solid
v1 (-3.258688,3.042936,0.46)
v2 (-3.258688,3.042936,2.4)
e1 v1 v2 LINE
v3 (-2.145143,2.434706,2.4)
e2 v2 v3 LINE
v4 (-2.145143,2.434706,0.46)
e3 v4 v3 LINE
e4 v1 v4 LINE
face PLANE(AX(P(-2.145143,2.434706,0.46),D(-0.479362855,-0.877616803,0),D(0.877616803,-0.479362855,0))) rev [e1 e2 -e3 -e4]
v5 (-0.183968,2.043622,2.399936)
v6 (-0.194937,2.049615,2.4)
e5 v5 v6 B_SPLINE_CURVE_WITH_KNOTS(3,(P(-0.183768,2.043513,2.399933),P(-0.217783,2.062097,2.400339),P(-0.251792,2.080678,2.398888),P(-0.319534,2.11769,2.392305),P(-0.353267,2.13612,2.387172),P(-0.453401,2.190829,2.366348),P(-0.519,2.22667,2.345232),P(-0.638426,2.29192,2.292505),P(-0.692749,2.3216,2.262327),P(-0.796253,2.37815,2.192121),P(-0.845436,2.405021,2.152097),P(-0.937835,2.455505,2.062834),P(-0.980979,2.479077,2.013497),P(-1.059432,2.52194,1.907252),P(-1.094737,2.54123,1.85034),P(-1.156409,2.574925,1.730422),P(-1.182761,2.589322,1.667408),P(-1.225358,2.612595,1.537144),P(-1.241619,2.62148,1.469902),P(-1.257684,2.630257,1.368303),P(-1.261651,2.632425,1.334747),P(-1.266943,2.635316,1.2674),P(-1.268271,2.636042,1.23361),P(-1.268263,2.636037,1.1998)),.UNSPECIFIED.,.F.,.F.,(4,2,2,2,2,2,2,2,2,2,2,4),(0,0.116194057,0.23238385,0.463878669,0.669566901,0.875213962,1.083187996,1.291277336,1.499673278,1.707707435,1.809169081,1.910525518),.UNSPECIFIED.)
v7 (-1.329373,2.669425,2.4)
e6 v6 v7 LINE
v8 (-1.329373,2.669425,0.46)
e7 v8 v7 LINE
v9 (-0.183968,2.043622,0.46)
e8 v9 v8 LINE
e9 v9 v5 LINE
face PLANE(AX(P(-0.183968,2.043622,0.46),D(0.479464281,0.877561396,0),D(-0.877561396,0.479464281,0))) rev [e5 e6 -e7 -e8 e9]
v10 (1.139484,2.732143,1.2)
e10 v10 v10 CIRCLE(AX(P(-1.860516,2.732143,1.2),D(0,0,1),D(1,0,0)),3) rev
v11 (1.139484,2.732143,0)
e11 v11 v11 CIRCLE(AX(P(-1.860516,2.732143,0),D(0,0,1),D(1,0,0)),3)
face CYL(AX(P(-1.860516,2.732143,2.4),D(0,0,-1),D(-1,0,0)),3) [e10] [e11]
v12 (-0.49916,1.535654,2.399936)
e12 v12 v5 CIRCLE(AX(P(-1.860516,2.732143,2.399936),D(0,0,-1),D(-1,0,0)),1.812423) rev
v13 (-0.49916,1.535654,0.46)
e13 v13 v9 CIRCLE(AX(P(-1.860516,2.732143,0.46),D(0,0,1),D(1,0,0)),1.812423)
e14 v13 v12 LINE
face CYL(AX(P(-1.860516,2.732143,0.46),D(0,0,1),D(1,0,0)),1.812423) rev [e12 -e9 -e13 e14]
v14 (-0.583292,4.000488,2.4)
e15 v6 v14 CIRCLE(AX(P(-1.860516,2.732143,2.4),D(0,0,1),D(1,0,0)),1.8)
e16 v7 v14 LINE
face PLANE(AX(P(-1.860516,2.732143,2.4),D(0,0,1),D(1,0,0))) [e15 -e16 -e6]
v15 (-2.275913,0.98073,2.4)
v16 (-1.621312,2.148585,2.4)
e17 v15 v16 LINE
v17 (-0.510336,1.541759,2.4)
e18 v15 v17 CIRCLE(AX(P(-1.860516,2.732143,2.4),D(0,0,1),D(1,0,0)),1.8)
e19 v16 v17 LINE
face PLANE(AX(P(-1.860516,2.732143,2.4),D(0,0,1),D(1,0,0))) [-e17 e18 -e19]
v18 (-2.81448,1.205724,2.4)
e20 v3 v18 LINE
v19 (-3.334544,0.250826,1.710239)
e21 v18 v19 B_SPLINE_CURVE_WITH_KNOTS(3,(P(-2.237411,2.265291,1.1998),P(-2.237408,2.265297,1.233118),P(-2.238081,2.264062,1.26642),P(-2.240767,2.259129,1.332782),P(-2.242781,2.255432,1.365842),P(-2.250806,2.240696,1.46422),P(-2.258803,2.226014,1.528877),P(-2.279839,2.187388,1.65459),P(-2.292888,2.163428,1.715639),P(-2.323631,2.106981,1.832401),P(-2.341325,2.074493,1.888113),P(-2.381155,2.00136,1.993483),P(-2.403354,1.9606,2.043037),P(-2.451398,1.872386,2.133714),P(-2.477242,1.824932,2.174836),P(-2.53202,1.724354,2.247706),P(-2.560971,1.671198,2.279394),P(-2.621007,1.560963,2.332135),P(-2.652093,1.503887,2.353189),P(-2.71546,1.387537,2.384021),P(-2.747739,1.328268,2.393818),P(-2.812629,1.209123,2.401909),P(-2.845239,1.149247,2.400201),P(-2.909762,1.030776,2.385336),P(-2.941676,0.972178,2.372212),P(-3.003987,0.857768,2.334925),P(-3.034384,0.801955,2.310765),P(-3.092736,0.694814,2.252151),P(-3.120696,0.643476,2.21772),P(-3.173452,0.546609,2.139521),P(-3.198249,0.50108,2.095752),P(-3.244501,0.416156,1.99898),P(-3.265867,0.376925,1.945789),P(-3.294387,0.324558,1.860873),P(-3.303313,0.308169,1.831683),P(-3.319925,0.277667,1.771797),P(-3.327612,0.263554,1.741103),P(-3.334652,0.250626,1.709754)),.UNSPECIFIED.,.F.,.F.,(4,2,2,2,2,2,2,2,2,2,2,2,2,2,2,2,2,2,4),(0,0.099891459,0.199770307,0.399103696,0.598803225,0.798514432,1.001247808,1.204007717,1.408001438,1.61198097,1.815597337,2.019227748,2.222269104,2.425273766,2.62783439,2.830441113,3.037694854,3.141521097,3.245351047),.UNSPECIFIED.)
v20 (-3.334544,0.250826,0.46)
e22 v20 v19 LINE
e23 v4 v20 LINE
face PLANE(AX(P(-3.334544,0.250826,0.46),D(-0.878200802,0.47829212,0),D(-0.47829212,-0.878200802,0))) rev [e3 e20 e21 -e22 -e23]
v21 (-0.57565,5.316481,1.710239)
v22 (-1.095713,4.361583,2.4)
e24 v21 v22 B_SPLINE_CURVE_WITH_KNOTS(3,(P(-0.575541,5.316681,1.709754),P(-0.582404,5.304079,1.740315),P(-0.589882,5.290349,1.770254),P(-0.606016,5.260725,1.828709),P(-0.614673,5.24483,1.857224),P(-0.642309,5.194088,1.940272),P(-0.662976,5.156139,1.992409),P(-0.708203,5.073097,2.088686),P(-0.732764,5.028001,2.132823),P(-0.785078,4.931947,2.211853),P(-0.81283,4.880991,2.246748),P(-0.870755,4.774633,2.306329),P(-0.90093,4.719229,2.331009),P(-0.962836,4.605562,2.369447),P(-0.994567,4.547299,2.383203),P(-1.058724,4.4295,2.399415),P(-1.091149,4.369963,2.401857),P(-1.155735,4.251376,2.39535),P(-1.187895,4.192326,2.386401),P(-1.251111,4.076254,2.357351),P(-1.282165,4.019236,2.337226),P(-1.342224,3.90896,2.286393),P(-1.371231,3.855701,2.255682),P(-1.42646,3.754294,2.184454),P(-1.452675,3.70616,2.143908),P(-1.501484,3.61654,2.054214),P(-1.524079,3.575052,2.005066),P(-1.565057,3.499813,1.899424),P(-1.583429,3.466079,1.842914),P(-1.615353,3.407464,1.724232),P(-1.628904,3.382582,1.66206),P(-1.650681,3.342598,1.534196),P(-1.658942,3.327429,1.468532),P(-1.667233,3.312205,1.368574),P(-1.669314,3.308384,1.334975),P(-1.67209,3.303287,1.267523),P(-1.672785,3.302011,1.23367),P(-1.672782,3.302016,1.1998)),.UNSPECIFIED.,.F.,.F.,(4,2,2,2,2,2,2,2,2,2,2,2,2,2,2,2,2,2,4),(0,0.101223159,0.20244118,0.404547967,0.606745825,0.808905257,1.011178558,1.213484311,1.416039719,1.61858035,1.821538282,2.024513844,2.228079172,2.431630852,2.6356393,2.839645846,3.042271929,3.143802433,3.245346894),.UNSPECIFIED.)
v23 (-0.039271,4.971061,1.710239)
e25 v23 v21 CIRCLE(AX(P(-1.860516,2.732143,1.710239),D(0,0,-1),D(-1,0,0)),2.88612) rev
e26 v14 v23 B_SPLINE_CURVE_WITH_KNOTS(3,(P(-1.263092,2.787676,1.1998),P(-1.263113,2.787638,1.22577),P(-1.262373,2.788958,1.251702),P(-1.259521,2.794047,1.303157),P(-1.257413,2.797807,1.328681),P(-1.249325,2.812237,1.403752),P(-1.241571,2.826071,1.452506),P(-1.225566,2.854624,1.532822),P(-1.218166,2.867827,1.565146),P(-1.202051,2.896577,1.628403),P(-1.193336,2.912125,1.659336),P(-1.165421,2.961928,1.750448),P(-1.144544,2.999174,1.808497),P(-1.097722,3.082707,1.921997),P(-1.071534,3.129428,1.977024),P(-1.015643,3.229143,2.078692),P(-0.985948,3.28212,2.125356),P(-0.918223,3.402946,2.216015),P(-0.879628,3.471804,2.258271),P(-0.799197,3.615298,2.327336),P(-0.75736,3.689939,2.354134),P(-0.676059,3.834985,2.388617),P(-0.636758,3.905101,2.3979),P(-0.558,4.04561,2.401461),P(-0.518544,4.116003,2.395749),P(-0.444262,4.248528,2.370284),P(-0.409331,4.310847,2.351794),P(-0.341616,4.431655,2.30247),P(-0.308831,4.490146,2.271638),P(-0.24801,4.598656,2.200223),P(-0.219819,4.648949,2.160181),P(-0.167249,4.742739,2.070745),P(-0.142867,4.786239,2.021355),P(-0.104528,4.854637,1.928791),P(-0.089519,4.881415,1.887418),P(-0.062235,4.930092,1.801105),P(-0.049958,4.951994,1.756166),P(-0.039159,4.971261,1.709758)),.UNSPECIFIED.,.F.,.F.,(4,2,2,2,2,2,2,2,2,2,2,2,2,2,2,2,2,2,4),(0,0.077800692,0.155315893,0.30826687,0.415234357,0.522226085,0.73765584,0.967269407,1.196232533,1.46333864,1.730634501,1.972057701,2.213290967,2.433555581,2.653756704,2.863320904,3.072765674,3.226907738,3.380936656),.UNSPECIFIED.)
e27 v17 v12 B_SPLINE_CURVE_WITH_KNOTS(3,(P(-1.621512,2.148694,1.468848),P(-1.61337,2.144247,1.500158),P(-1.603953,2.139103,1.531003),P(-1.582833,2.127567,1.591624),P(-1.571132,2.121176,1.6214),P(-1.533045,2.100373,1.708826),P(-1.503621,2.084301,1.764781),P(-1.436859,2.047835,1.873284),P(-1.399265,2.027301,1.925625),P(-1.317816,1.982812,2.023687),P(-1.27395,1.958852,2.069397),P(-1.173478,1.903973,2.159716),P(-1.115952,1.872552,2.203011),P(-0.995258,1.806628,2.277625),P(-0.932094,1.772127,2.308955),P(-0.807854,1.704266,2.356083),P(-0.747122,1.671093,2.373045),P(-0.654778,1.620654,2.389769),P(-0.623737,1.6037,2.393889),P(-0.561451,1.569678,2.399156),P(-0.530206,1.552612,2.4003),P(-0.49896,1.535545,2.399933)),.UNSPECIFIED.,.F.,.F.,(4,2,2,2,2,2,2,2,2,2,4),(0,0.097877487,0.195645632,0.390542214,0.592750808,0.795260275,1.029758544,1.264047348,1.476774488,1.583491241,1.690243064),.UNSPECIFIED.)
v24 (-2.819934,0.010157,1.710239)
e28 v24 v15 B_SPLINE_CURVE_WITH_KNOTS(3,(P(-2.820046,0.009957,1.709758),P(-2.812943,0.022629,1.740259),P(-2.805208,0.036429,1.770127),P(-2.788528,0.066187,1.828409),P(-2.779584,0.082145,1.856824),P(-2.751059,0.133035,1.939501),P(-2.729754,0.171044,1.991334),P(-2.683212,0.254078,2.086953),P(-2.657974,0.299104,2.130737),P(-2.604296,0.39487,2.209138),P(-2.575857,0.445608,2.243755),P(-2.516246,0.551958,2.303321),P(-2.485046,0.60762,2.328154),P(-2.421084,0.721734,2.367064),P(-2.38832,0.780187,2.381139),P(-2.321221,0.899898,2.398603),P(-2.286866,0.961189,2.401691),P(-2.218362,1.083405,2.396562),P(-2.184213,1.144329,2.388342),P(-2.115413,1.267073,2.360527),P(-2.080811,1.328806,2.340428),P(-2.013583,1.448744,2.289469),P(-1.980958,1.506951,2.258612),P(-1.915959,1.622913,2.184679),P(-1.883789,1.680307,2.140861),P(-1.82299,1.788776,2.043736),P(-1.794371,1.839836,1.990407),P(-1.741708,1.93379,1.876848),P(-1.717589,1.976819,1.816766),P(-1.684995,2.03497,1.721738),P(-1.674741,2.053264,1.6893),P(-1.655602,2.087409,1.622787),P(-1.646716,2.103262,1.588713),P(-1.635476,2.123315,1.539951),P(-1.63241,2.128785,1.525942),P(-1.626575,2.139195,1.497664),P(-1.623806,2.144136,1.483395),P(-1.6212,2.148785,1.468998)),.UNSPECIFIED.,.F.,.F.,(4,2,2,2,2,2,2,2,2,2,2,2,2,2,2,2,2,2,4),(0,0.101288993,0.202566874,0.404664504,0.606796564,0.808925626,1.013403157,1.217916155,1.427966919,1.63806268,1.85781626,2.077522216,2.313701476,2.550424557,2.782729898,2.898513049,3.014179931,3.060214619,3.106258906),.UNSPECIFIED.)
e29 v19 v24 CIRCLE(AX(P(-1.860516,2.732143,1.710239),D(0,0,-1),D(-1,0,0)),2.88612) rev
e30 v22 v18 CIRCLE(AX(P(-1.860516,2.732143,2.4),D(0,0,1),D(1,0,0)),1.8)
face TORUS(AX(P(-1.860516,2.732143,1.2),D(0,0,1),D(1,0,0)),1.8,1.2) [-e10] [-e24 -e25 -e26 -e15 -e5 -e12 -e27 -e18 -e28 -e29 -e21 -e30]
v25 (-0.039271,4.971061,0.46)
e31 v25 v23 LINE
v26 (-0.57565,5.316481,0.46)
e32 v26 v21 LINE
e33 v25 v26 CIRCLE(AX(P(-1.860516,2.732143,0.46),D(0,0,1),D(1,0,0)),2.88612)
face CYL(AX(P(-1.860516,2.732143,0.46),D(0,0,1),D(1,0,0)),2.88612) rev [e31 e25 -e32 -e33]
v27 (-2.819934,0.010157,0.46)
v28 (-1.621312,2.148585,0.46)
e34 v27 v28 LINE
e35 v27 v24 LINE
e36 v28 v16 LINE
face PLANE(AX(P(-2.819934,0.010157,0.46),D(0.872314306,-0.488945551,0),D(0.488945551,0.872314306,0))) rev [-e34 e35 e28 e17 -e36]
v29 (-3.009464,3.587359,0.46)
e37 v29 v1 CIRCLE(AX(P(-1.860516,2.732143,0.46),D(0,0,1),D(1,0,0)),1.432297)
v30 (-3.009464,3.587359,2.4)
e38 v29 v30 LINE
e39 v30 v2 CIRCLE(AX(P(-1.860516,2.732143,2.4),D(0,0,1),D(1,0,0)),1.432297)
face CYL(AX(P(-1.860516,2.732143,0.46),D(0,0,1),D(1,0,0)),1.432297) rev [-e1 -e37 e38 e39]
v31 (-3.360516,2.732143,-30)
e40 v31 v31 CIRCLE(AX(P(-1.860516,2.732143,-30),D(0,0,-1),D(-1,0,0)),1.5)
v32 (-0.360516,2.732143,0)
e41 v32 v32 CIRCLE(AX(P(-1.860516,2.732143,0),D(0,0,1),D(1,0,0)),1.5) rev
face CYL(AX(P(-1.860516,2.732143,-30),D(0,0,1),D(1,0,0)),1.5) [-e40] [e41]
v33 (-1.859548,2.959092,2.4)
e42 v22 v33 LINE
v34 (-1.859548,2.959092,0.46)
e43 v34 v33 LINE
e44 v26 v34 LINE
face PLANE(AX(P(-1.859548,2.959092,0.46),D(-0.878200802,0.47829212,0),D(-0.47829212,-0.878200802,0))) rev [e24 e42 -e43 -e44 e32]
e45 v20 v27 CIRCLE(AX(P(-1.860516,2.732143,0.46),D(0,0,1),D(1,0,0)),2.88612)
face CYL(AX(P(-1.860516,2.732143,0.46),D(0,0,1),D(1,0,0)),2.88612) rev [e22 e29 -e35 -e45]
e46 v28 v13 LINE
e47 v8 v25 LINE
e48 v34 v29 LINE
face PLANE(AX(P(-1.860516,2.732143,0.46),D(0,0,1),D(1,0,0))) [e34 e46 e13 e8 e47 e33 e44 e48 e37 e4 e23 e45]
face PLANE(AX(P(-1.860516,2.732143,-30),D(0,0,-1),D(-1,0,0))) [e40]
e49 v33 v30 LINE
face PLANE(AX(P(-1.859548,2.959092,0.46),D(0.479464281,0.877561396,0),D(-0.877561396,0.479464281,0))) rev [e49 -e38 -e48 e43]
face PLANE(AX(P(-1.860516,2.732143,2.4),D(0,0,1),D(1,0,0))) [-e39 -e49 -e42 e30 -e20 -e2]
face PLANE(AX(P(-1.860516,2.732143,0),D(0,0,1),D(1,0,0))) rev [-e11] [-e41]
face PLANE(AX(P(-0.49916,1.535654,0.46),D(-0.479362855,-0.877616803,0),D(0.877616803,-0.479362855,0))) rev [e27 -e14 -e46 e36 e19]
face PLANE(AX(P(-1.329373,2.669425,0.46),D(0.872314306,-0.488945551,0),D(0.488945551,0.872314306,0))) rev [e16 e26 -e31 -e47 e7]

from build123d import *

# Parameters (mm, degrees)
SZKIC1_R                    = 3
DODANIE_WYCI_GNI_CIE2_DEPTH = 2.4
SZKIC2_R                    = 1.5
DODANIE_WYCI_GNI_CIE3_DEPTH = 30
ZAOKR_GLENIE2_R             = 1.2
WYTNIJ_WYCI_GNI_CIE1_DEPTH  = 1.94


with BuildPart() as part:
    # Szkic1 → Dodanie-wyciągnięcie2 (new body)
    with BuildSketch(Plane.XY):
        with Locations((-1.860516246, 2.732142857)):
            Circle(SZKIC1_R)
    extrude(amount=DODANIE_WYCI_GNI_CIE2_DEPTH)

    # Szkic2 → Dodanie-wyciągnięcie3 (add)
    with BuildSketch(Plane(origin=(0, 0, 0), x_dir=(-1, 0, 0), z_dir=(0, 0, -1))):
        with Locations((1.860516246, 2.732142857)):
            Circle(SZKIC2_R)
    extrude(amount=DODANIE_WYCI_GNI_CIE3_DEPTH)

    # Zaokrąglenie2
    zaokr_glenie2_edges = [part.edges().sort_by_distance(p)[0] for p in [
        (-4.860516246, 2.732142857, 2.4),
    ]]
    fillet(zaokr_glenie2_edges, radius=ZAOKR_GLENIE2_R)

    # Szkic3 → Wytnij-wyciągnięcie1 (cut)
    with BuildSketch(Plane.XY.offset(2.4)):
        with BuildLine():
            Line((-1.859548318, 2.959091853), (-0.575649693, 5.316481314))
            ThreePointArc((-0.575649693, 5.316481314), (-0.297886623, 5.158637444), (-0.039271083, 4.97106076))
            Line((-0.039271083, 4.97106076), (-1.329373025, 2.669425378))
            Line((-1.329373025, 2.669425378), (-0.183967515, 2.043621837))
            ThreePointArc((-0.183967515, 2.043621837), (-0.320475658, 1.776553075), (-0.499159616, 1.535654258))
            Line((-0.499159616, 1.535654258), (-1.621312108, 2.148584891))
            Line((-1.621312108, 2.148584891), (-2.819933608, 0.01015725))
            ThreePointArc((-2.819933608, 0.01015725), (-3.083174674, 0.117799023), (-3.33454353, 0.250826496))
            Line((-3.33454353, 0.250826496), (-2.145142944, 2.434706401))
            Line((-2.145142944, 2.434706401), (-3.258687897, 3.042935511))
            ThreePointArc((-3.258687897, 3.042935511), (-3.162842423, 3.328316127), (-3.009463836, 3.587359481))
            Line((-3.009463836, 3.587359481), (-1.859548318, 2.959091853))
        make_face()
    extrude(amount=-WYTNIJ_WYCI_GNI_CIE1_DEPTH, mode=Mode.SUBTRACT)


solid = part.part
